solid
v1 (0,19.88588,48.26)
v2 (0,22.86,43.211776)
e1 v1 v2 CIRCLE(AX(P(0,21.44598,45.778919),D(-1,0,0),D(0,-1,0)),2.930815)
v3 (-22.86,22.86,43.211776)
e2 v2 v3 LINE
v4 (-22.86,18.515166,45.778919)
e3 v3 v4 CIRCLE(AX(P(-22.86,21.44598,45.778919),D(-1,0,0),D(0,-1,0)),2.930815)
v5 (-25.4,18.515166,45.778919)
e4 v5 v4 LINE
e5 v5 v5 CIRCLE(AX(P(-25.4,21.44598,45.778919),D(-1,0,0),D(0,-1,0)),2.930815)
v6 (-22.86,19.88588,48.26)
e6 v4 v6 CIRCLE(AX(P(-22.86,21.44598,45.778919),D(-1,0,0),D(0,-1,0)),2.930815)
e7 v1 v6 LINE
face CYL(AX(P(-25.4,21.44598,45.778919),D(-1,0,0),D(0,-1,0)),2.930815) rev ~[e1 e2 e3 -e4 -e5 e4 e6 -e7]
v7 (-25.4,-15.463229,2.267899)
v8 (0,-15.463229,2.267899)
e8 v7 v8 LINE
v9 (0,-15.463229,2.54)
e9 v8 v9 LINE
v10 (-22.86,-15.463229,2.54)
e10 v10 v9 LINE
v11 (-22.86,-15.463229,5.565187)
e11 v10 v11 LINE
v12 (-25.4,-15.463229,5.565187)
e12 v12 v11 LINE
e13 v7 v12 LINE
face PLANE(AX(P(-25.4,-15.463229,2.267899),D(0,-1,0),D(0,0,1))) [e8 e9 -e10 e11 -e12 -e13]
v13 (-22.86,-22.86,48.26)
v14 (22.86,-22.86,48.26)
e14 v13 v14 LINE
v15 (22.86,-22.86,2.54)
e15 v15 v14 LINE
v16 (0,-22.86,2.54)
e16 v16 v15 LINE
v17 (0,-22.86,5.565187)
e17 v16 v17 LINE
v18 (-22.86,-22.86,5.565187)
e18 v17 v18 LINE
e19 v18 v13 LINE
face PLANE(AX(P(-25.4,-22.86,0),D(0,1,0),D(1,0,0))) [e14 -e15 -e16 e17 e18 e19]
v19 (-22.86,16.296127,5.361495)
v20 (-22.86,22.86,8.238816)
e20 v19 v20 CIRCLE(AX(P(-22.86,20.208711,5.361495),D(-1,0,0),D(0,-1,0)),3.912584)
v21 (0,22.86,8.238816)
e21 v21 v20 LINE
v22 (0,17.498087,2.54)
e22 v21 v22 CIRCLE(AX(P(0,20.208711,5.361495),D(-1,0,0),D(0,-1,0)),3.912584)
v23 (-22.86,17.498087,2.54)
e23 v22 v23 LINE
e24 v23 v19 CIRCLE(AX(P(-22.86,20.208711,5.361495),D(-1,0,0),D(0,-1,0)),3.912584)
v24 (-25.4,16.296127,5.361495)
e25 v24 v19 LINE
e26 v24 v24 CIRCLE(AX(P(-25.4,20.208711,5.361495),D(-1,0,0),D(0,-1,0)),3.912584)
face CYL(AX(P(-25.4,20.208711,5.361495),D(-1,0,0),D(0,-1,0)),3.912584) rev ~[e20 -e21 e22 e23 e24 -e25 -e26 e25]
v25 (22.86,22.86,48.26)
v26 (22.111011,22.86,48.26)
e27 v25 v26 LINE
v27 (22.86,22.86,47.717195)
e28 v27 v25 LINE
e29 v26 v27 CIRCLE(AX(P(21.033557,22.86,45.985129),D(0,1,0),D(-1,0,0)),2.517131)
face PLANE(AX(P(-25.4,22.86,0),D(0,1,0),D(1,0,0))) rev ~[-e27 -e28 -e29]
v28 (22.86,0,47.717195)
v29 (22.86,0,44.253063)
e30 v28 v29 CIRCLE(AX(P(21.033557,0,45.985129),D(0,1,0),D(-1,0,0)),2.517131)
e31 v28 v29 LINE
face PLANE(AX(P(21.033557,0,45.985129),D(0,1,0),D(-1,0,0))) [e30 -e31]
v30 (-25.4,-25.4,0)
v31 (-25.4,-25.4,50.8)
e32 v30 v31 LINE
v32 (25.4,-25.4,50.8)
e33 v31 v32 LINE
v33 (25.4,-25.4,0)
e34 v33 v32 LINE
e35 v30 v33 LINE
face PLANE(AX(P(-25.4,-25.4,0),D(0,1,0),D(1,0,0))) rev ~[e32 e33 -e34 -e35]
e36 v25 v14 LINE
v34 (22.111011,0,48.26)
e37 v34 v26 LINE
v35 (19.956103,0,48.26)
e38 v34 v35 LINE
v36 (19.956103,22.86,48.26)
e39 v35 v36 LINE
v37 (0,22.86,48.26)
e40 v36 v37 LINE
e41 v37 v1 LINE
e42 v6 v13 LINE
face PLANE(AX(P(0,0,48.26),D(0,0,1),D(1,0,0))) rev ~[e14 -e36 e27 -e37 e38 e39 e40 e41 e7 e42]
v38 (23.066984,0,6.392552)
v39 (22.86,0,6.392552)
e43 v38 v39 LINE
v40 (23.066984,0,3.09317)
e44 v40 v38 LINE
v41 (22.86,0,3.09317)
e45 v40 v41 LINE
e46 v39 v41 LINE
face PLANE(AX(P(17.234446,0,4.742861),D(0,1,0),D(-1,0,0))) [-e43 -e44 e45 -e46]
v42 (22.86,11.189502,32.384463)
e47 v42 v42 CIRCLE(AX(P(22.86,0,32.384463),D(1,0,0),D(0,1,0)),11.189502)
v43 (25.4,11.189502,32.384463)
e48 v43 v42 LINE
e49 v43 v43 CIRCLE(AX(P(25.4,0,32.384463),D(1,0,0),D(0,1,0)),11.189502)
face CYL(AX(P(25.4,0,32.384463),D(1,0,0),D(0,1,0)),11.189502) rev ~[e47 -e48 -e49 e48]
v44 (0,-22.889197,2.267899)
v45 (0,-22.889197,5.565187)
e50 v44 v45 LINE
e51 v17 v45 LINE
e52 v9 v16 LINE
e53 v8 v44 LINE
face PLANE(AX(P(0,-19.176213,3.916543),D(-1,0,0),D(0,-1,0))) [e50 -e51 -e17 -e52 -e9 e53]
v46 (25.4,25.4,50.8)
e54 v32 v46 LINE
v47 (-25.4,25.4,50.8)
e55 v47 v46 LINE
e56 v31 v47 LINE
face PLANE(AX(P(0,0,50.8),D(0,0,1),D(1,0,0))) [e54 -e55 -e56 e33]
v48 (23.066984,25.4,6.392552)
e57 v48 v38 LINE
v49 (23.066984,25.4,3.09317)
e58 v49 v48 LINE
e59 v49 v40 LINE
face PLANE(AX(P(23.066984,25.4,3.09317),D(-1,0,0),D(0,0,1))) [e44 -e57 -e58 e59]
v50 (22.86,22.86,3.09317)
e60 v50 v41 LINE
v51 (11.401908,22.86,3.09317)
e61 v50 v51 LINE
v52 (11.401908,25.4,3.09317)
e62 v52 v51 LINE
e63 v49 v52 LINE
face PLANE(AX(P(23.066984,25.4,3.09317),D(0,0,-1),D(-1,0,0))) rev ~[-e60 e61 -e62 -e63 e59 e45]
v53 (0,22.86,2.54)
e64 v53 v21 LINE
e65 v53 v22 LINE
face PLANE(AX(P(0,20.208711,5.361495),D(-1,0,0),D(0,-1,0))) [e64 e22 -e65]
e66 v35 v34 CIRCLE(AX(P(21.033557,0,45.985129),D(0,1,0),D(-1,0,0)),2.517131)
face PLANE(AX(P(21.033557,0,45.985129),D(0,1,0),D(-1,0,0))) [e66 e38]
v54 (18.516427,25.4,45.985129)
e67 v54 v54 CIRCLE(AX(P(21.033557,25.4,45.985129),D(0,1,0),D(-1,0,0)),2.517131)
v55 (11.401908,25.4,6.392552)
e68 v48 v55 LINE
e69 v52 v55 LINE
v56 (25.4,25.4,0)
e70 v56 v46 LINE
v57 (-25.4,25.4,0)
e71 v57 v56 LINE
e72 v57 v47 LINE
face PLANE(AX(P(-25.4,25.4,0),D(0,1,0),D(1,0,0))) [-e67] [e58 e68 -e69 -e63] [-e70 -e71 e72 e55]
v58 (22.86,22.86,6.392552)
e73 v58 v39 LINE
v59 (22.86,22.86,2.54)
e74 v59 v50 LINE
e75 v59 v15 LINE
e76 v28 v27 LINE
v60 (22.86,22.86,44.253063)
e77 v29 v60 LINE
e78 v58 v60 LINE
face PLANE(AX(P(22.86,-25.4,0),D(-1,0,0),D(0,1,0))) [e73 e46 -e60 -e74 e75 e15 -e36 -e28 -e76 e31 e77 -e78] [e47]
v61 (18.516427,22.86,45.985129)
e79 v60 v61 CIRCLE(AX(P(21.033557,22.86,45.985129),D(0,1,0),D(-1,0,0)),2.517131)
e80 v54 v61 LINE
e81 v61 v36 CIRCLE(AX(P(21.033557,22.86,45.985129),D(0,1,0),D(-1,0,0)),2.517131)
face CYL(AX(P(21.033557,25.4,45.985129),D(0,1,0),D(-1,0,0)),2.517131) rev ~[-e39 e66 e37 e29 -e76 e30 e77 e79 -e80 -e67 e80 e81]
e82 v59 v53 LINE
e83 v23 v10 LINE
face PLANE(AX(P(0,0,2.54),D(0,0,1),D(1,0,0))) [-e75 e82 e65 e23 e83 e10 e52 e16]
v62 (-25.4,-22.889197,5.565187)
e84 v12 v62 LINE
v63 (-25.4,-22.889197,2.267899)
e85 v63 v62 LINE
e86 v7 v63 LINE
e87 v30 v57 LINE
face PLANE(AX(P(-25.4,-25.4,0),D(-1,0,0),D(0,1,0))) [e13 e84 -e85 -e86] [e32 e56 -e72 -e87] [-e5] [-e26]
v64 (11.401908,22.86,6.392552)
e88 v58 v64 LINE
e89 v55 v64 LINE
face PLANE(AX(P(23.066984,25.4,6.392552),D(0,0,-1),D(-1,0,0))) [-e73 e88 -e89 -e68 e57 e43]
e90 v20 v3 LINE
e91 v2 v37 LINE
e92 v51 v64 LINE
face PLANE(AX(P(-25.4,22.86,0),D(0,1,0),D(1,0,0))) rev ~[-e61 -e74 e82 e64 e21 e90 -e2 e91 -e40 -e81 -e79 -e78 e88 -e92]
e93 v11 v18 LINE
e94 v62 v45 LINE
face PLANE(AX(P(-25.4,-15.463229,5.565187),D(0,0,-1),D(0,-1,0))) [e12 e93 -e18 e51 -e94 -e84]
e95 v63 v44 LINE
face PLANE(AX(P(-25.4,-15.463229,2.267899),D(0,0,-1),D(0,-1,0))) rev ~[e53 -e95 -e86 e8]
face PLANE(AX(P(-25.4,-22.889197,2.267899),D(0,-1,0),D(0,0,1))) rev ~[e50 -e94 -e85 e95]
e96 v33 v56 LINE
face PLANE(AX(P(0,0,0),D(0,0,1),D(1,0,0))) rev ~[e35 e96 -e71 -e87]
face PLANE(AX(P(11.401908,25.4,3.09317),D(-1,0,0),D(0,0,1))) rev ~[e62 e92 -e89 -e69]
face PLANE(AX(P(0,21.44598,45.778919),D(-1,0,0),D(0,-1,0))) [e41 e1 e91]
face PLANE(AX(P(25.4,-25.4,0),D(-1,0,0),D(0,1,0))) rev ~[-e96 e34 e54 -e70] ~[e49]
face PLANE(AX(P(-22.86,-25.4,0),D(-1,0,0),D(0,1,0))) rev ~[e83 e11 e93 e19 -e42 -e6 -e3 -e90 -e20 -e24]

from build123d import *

# Parameters (mm, degrees)
F0_W      = 50.8
F0_H      = 50.8
F1_DEPTH  = 50.8
F3_T      = -2.54
F2_R      = 11.1895018243
F4_DEPTH  = 2.54
F5_W      = 11.6650760174
F5_H      = 3.2993815839
F6_DEPTH  = 25.4
F7_R      = 2.5171305481
F8_DEPTH  = 25.4
F9_R      = 2.9308146248
F9_R_2    = 3.9125837807
F9_W      = 7.4259676039
F9_H      = 3.2972879708
F10_DEPTH = 25.4


with BuildPart() as f1:
    # F0 (on Top) → F1 (new body)
    with BuildSketch(Plane.XY):
        Rectangle(F0_W, F0_H)
    extrude(amount=F1_DEPTH)

    # F3 (hollow: no face is removed)
    offset(amount=F3_T, mode=Mode.SUBTRACT)

    # F2 (on face) → F4 (cut, through all)
    with BuildSketch(Plane.YZ.offset(25.4)):
        with Locations((0, 32.3844626546)):
            Circle(F2_R)
    extrude(amount=-F4_DEPTH, mode=Mode.SUBTRACT)

    # F5 (on face) → F6 (cut)
    with BuildSketch(Plane(origin=(0, 25.4, 0), x_dir=(-1, 0, 0), z_dir=(0, 1, 0))):
        with Locations((-17.2344464809, 4.7428607941)):
            Rectangle(F5_W, F5_H)
    extrude(amount=-F6_DEPTH, mode=Mode.SUBTRACT)

    # F7 (on face) → F8 (cut)
    with BuildSketch(Plane(origin=(0, 25.4, 0), x_dir=(-1, 0, 0), z_dir=(0, 1, 0))):
        with Locations((-21.0335571319, 45.9851287305)):
            Circle(F7_R)
    extrude(amount=-F8_DEPTH, mode=Mode.SUBTRACT)

    # F9 (on face) → F10 (cut)
    with BuildSketch(Plane(origin=(-25.4, 0, 0), x_dir=(0, -1, 0), z_dir=(-1, 0, 0))):
        with Locations((-21.4459802955, 45.7789190114)):
            Circle(F9_R)
        with Locations((-20.2087108046, 5.3614946082)):
            Circle(F9_R_2)
        with Locations((19.1762130708, 3.9165434428)):
            Rectangle(F9_W, F9_H)
    extrude(amount=-F10_DEPTH, mode=Mode.SUBTRACT)


solid = f1.part
